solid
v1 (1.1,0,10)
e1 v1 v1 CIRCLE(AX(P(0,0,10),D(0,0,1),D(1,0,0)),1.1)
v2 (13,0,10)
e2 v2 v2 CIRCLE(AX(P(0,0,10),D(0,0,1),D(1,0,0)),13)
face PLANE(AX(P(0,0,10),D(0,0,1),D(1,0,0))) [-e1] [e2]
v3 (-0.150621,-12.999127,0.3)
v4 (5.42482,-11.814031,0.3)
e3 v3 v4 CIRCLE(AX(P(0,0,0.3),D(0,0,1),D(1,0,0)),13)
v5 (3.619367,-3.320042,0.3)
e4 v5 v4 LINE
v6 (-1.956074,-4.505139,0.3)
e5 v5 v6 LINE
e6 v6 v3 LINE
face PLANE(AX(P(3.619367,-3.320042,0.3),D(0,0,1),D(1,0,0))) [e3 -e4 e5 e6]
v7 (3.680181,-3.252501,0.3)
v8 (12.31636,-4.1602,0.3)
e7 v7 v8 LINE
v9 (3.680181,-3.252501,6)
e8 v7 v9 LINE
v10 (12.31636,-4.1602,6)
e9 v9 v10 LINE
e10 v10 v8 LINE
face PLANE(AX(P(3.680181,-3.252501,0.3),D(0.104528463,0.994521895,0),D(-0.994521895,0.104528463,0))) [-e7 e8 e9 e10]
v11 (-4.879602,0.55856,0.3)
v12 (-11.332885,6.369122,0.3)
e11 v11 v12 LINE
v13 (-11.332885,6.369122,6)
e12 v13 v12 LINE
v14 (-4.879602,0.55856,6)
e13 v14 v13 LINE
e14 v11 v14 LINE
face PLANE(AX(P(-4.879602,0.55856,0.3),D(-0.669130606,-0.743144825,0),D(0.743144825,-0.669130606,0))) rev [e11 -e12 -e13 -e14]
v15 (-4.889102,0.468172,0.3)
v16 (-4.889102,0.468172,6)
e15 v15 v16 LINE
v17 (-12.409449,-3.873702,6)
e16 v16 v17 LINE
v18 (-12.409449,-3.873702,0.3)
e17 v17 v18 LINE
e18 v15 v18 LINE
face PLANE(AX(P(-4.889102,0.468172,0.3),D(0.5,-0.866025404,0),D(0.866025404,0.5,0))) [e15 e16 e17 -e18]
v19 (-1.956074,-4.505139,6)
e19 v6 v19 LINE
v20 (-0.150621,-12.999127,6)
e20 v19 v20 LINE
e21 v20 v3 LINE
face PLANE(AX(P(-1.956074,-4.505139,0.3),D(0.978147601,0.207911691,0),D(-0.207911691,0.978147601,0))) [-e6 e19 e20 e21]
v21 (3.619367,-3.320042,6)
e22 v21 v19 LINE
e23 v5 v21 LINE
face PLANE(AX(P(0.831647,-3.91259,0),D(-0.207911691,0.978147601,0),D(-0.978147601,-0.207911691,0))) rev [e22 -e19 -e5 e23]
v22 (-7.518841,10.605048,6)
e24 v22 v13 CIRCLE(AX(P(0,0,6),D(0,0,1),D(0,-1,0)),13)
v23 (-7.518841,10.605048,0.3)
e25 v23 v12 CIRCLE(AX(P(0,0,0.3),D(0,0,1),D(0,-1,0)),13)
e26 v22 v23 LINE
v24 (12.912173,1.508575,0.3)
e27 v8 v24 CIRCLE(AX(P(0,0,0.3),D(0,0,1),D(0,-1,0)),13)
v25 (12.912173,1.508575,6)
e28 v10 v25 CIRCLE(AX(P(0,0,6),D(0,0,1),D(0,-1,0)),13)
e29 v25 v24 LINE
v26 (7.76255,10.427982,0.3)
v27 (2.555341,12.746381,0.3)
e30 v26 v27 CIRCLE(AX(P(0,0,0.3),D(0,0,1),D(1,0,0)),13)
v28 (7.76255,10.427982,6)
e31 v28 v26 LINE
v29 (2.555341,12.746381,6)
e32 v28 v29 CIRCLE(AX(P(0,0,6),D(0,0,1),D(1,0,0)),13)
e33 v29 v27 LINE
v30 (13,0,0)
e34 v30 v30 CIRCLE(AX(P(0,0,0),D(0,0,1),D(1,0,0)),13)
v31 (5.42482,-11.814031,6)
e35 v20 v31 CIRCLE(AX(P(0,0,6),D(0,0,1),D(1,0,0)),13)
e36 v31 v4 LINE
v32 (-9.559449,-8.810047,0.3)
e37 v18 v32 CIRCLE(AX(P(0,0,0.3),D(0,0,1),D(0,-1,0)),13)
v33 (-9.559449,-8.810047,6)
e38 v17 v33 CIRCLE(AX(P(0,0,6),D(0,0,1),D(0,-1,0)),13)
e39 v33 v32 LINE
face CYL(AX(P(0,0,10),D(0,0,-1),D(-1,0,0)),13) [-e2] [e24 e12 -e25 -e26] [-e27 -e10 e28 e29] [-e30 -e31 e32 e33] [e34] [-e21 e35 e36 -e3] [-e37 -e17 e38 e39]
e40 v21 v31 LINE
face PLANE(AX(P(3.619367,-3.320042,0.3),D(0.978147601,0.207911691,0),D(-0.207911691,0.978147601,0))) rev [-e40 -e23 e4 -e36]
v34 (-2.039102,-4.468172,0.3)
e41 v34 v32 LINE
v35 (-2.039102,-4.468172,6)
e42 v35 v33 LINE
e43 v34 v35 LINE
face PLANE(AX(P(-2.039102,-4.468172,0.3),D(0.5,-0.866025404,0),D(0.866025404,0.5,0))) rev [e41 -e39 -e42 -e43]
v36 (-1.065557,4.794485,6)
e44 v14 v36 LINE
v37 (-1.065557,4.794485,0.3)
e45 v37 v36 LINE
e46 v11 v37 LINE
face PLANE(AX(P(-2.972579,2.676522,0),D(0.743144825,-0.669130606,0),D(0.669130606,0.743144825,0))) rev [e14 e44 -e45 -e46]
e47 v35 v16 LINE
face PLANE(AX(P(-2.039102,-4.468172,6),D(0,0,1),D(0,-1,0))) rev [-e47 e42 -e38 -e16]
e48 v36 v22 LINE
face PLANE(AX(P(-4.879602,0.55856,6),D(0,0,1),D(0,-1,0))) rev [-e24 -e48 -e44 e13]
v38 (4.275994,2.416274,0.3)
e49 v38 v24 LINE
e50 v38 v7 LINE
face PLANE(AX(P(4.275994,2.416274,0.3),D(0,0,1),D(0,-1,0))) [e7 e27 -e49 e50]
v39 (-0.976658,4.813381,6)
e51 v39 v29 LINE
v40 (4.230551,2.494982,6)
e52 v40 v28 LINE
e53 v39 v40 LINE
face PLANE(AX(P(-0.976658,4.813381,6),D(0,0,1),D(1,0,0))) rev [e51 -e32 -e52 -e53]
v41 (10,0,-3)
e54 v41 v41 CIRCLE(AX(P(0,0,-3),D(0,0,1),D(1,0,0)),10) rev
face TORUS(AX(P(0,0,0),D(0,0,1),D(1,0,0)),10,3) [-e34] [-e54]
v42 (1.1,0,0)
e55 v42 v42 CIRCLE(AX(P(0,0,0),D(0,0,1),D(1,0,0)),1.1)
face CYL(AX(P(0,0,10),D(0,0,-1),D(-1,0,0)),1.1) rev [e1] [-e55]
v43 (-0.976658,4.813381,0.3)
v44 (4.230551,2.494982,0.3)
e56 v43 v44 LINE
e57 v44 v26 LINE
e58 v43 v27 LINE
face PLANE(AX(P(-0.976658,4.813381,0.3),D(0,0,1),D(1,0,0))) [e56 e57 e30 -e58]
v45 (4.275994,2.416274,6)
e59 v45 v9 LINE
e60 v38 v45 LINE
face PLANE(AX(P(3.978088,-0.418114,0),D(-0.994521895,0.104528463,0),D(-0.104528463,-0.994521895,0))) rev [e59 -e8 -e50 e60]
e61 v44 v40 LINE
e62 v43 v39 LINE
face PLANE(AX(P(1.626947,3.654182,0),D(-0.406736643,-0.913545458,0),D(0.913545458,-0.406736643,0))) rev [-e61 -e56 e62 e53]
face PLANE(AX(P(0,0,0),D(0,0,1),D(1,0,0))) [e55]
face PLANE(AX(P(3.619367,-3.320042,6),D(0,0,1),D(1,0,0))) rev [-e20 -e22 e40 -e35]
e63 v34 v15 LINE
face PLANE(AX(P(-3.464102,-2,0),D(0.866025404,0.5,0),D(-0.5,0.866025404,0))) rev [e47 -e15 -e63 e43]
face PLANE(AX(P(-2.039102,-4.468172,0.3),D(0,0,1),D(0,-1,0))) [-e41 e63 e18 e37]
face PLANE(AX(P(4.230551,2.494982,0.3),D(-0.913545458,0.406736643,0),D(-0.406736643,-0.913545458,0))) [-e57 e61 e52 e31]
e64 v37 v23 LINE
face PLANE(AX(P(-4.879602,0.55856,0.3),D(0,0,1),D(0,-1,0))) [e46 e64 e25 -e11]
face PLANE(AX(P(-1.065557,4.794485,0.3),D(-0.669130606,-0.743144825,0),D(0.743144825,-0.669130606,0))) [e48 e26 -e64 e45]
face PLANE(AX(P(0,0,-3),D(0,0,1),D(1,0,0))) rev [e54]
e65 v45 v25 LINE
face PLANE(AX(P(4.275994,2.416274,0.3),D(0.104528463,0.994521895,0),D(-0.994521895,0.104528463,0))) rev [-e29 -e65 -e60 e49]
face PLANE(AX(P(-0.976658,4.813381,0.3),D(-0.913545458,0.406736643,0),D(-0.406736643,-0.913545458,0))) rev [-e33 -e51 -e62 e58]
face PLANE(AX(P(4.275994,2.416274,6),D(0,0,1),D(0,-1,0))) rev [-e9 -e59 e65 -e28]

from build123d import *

# Parameters (mm, degrees)
SKETCH1_R           = 13
SKETCH1_R_2         = 1.1
BOSS_EXTRUDE1_DEPTH = 10
BOSS_EXTRUDE2_START = -3
SKETCH1_4_R         = 13
BOSS_EXTRUDE2_DEPTH = 3
FILLET1_R           = 3
SKETCH4_W           = 5.7
SKETCH4_H           = 5.7
CUT_EXTRUDE1_DEPTH  = 9
CIRPATTERN1_COUNT   = 5


with BuildPart() as part:
    # Sketch1 → Boss-Extrude1 (new body)
    with BuildSketch(Plane.XY):
        Circle(SKETCH1_R)
        Circle(SKETCH1_R_2, mode=Mode.SUBTRACT)
    extrude(amount=BOSS_EXTRUDE1_DEPTH)

    # Sketch1<4> → Boss-Extrude2 (add)
    with BuildSketch(Plane.XY.offset(BOSS_EXTRUDE2_START)):
        Circle(SKETCH1_4_R)
    extrude(amount=BOSS_EXTRUDE2_DEPTH)

    # Fillet1
    fillet1_edges = [part.edges().sort_by_distance(p)[0] for p in [
        (-13, 0, -3),
    ]]
    fillet(fillet1_edges, radius=FILLET1_R)

    # Sketch4 → Cut-Extrude1 (cut)
    with BuildSketch(Plane(origin=(-11.286443879, -6.451305765, 0), x_dir=(0.499999999999998, -0.8660254037844398, 0), z_dir=(0.8660254037844398, 0.499999999999998, 0))):
        with Locations((0.056227259, -3.15)):
            Rectangle(SKETCH4_W, SKETCH4_H)
    cut_extrude1 = extrude(amount=CUT_EXTRUDE1_DEPTH, mode=Mode.SUBTRACT)

    # CirPattern1: Cut-Extrude1 ×5 about axis
    cirpattern1_axis = Axis((0, 0, 10), (0, 0, -1))
    for i in range(1, CIRPATTERN1_COUNT):
        add(cut_extrude1.rotate(cirpattern1_axis, i * 360 / CIRPATTERN1_COUNT), mode=Mode.SUBTRACT)


solid = part.part
